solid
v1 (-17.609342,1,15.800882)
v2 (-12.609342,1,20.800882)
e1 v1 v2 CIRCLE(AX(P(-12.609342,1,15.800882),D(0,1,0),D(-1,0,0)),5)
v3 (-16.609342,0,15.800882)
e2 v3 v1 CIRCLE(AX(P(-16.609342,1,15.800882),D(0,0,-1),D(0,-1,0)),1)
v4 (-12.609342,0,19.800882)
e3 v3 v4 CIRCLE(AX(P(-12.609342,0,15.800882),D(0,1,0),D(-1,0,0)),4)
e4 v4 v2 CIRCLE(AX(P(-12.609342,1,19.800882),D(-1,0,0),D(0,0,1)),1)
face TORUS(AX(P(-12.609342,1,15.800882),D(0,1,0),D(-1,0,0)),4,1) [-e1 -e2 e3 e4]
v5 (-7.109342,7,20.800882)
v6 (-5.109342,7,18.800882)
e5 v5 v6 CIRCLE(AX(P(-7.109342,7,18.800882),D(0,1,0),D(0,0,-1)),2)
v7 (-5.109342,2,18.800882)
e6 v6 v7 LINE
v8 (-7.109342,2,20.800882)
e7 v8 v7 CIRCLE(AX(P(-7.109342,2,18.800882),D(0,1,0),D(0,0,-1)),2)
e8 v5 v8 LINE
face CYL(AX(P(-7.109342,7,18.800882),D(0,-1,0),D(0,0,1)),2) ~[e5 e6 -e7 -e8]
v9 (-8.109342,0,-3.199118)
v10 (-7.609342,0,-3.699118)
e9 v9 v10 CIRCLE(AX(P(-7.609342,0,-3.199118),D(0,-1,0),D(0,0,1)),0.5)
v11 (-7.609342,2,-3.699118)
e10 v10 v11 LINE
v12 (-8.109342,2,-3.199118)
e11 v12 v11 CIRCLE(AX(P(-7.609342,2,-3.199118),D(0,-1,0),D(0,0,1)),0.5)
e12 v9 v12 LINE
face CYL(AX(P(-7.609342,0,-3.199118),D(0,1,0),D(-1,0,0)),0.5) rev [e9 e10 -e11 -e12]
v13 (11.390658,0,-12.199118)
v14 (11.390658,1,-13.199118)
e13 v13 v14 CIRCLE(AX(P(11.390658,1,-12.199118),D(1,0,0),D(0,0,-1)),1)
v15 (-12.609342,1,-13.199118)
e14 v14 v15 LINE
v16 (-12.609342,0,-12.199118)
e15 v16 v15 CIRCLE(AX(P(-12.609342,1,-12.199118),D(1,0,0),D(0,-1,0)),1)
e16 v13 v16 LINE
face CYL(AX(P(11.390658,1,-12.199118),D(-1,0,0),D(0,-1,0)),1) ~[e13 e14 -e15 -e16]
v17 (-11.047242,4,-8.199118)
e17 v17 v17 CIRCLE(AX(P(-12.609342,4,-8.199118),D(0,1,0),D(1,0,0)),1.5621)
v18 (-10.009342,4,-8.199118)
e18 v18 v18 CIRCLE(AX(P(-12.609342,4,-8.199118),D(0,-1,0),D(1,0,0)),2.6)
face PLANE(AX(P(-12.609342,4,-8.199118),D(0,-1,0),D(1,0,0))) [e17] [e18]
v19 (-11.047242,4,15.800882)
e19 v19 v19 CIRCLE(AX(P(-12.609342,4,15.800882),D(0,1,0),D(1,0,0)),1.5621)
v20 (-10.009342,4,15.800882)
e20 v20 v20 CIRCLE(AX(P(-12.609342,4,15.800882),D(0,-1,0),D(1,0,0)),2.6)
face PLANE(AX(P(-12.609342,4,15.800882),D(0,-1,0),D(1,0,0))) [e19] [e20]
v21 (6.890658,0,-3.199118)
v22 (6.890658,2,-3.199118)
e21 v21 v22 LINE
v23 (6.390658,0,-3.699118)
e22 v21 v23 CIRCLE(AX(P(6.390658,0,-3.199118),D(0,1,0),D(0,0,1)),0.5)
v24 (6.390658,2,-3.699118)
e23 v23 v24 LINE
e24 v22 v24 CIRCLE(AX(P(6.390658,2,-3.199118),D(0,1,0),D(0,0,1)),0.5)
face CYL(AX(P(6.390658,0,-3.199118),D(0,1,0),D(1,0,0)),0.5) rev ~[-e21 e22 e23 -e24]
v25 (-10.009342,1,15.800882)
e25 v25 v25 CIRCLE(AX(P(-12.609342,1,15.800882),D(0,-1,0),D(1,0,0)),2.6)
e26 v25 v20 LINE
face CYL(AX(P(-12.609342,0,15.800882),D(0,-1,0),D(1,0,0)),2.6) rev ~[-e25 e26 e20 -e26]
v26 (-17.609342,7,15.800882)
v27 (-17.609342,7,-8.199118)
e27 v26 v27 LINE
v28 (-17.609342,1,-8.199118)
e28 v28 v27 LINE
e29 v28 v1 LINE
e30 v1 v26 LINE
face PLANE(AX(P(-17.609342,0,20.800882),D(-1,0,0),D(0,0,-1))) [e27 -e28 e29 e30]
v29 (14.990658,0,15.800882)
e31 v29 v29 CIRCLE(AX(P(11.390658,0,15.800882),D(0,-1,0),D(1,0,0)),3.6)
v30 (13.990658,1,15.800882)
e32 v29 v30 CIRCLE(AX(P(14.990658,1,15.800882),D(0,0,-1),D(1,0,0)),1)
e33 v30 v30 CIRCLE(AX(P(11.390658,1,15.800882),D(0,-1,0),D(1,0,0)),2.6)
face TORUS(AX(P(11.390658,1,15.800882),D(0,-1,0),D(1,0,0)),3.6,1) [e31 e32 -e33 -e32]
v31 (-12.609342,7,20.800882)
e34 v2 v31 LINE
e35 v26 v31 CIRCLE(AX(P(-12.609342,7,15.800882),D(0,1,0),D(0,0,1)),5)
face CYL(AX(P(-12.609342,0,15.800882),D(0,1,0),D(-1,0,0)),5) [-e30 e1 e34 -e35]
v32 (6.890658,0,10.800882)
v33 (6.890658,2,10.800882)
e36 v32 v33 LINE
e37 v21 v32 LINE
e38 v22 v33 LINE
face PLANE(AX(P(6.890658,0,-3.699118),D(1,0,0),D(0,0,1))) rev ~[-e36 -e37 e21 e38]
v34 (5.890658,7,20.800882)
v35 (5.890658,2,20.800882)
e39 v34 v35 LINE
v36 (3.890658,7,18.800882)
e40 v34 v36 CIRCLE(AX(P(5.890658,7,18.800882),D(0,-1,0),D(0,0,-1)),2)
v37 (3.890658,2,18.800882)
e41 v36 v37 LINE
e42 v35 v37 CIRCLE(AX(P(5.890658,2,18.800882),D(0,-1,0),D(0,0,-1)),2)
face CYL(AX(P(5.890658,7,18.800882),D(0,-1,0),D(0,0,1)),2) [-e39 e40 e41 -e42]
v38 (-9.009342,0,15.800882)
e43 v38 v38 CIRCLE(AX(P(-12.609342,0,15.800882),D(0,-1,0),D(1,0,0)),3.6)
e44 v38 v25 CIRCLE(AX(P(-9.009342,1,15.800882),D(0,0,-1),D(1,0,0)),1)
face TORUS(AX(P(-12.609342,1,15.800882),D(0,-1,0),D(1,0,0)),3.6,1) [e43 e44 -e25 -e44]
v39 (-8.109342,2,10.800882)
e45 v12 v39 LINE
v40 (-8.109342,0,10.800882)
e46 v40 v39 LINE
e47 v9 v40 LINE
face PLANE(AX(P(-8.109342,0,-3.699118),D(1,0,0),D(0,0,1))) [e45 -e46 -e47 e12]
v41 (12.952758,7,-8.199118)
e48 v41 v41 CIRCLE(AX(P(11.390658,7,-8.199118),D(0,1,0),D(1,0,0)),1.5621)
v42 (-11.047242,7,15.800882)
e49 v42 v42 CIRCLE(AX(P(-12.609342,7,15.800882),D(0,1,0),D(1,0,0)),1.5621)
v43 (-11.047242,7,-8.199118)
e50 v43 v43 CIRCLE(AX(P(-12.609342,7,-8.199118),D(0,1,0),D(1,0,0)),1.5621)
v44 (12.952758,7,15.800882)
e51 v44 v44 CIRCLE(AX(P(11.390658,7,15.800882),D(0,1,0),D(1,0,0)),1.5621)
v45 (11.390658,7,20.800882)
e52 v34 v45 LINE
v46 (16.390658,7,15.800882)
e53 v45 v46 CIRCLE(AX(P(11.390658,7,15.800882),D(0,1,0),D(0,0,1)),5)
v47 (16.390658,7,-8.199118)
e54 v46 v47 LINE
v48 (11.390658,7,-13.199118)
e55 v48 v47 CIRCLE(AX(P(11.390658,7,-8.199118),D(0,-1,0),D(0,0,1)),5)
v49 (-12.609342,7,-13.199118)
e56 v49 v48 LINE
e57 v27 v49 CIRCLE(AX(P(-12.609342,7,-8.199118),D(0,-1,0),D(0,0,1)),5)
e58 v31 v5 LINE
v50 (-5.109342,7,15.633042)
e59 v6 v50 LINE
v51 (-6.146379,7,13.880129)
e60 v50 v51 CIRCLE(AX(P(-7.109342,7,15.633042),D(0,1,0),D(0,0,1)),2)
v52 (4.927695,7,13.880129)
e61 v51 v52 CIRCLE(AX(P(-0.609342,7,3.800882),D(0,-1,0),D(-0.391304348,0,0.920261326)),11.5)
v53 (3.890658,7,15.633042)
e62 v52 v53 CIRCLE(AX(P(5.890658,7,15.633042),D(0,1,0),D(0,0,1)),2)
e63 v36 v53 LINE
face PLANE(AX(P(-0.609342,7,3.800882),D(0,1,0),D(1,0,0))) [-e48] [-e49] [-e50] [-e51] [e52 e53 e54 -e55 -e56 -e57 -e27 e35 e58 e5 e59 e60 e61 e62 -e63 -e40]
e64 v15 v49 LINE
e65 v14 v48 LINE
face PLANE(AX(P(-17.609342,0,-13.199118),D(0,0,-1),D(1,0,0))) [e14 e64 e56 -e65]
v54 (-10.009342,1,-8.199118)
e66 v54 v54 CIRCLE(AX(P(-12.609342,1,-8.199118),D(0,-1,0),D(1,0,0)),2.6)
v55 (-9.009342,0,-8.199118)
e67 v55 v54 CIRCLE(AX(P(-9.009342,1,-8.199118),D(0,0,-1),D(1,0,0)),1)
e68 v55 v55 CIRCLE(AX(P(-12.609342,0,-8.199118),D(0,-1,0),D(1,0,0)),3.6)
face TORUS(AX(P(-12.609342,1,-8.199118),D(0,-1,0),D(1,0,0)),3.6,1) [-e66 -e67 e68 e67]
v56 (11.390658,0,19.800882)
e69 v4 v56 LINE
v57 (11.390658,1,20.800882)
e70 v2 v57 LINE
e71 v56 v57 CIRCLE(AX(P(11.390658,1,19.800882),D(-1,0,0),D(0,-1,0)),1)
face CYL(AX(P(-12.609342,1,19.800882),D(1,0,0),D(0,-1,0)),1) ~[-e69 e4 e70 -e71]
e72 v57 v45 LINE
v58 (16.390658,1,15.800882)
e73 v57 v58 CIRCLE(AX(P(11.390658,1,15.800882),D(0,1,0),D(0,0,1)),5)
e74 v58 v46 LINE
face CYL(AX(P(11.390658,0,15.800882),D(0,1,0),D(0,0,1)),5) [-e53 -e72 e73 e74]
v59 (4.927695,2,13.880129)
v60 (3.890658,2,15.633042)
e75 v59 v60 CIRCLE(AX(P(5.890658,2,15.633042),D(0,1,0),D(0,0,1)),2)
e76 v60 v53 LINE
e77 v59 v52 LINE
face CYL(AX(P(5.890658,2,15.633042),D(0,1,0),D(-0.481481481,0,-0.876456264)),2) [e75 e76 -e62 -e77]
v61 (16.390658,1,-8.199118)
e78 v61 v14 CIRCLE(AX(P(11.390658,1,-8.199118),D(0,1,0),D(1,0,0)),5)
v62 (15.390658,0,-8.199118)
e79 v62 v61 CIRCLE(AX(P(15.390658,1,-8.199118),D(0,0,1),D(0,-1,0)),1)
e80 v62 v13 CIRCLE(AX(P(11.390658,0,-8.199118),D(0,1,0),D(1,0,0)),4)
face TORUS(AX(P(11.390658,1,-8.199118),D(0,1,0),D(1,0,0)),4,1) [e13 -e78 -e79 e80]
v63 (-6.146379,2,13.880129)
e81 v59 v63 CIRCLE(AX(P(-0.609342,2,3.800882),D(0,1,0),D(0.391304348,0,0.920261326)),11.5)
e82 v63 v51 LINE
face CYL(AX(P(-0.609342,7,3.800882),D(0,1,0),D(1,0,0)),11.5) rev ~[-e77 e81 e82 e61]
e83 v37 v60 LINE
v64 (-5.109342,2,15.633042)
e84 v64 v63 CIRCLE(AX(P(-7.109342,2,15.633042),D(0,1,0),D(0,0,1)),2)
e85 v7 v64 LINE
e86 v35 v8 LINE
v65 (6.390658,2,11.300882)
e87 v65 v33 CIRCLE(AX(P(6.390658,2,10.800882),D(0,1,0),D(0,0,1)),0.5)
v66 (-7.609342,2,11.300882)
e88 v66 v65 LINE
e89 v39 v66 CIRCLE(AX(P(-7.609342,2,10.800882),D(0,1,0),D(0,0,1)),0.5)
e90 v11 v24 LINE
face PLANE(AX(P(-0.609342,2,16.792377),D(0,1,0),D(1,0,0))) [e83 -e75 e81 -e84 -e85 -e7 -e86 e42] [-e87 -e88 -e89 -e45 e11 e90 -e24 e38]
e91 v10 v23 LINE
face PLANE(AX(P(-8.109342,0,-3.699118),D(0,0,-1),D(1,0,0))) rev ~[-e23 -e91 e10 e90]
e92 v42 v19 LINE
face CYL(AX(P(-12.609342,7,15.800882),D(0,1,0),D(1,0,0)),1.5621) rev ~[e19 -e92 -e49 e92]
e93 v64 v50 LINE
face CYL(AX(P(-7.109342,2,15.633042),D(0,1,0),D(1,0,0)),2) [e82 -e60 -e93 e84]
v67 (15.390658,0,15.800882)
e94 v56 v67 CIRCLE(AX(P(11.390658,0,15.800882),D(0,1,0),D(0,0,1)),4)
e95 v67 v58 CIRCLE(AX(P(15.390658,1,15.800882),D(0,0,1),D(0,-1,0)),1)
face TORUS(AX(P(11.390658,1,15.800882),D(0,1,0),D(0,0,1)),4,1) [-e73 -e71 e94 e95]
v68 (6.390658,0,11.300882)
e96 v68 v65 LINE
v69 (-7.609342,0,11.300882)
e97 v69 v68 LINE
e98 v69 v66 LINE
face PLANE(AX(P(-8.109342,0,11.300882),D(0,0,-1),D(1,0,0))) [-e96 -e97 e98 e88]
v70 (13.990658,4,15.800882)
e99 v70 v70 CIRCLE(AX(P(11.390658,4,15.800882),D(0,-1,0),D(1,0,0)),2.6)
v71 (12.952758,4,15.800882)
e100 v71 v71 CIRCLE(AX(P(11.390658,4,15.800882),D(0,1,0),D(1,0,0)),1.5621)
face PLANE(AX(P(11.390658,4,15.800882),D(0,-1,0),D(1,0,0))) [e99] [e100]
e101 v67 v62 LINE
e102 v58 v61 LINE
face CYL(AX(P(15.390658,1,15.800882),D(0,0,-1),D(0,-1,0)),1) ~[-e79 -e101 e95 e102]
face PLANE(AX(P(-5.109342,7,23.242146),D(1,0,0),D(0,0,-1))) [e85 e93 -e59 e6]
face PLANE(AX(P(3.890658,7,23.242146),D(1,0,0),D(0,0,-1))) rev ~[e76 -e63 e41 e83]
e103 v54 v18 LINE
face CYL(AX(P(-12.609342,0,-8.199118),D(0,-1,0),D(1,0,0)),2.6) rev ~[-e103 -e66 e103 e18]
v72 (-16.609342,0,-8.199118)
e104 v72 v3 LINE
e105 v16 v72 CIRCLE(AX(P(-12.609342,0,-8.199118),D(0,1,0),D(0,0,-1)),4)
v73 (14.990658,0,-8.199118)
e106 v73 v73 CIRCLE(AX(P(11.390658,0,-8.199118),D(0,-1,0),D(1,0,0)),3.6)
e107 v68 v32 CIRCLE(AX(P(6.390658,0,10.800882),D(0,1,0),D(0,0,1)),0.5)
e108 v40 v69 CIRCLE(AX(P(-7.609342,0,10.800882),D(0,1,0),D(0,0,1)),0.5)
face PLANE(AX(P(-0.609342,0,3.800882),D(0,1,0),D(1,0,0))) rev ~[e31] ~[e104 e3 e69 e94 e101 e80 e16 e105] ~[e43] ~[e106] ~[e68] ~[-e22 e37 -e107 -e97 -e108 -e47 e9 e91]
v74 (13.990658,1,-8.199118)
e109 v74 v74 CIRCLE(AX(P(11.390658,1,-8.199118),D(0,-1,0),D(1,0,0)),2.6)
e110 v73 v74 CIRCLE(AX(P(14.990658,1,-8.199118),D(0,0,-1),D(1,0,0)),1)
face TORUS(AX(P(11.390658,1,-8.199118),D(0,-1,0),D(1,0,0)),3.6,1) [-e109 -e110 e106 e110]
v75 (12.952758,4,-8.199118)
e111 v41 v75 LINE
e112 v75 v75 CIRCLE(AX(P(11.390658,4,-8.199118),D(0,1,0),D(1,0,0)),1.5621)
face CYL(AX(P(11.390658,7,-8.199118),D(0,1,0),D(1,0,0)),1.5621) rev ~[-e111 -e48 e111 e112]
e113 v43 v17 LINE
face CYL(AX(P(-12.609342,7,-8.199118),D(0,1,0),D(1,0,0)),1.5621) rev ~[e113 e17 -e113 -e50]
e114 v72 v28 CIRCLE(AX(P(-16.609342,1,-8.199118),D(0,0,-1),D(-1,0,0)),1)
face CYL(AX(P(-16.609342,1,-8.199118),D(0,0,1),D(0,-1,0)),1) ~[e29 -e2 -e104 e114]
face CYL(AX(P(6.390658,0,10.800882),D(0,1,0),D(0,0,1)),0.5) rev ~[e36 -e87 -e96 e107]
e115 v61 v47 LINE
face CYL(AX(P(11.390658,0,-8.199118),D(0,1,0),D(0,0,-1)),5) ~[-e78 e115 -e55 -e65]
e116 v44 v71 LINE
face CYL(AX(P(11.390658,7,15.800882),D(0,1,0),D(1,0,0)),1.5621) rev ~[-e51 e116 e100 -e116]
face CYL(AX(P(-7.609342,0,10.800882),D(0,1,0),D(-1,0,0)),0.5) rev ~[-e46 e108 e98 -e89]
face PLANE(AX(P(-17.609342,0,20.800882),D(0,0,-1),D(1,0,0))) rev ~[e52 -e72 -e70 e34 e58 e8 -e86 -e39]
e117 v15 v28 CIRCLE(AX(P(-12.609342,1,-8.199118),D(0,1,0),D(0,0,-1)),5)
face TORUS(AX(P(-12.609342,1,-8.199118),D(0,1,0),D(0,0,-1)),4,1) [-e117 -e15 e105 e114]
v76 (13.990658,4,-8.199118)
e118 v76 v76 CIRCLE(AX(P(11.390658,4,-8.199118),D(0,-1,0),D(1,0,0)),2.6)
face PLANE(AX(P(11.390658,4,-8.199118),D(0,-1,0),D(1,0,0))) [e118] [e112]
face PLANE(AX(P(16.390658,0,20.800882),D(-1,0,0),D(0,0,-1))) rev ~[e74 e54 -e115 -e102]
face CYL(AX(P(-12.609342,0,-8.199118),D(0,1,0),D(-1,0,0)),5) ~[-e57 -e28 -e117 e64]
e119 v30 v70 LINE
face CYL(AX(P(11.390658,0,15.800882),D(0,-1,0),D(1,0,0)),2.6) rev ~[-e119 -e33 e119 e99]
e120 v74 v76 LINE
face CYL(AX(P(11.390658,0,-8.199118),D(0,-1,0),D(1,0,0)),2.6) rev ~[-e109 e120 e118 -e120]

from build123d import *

# Parameters (mm, degrees)
SKETCH1_W           = 34
SKETCH1_H           = 34
BOSS_EXTRUDE1_DEPTH = 7
SKETCH2_R           = 11.5
CUT_EXTRUDE1_DEPTH  = 5
SKETCH3_R           = 1.5621
CUT_EXTRUDE2_DEPTH  = 8
SKETCH4_W           = 9
SKETCH4_H           = 12.899537492
CUT_EXTRUDE3_DEPTH  = 5
SKETCH5_R           = 2.6
CUT_EXTRUDE4_DEPTH  = 4
FILLET1_R           = 5
FILLET2_R           = 1
FILLET3_R           = 2
SKETCH6_W           = 15
SKETCH6_H           = 15
CUT_EXTRUDE5_DEPTH  = 2
FILLET6_R           = 0.5


with BuildPart() as part:
    # Sketch1 → Boss-Extrude1 (new body)
    with BuildSketch(Plane(origin=(0, 0, 0), x_dir=(1, 0, 0), z_dir=(0, 1, 0))):
        with Locations((-0.609342113, -3.800882142)):
            Rectangle(SKETCH1_W, SKETCH1_H)
    extrude(amount=BOSS_EXTRUDE1_DEPTH)

    # Sketch2 → Cut-Extrude1 (cut)
    with BuildSketch(Plane(origin=(0, 7, 0), x_dir=(1, 0, 0), z_dir=(0, 1, 0))):
        with Locations((-0.609342113, -3.800882142)):
            Circle(SKETCH2_R)
    extrude(amount=-CUT_EXTRUDE1_DEPTH, mode=Mode.SUBTRACT)

    # Sketch3 → Cut-Extrude2 (cut, through all)
    with BuildSketch(Plane(origin=(0, 7, 0), x_dir=(1, 0, 0), z_dir=(0, 1, 0))):
        with Locations((-12.609342113, 8.199117858)):
            Circle(SKETCH3_R)
        with Locations((-12.609342113, -15.800882142)):
            Circle(SKETCH3_R)
        with Locations((11.390657887, -15.800882142)):
            Circle(SKETCH3_R)
        with Locations((11.390657887, 8.199117858)):
            Circle(SKETCH3_R)
    extrude(amount=-CUT_EXTRUDE2_DEPTH, mode=Mode.SUBTRACT)

    # Sketch4 → Cut-Extrude3 (cut)
    with BuildSketch(Plane(origin=(0, 7, 0), x_dir=(1, 0, 0), z_dir=(0, 1, 0))):
        with Locations((-0.609342113, -16.792376967)):
            Rectangle(SKETCH4_W, SKETCH4_H)
    extrude(amount=-CUT_EXTRUDE3_DEPTH, mode=Mode.SUBTRACT)

    # Sketch5 → Cut-Extrude4 (cut)
    with BuildSketch(Plane.XZ):
        with Locations((-12.609342113, 15.800882142)):
            Circle(SKETCH5_R)
        with Locations((11.390657887, 15.800882142)):
            Circle(SKETCH5_R)
        with Locations((-12.609342113, -8.199117858)):
            Circle(SKETCH5_R)
        with Locations((11.390657887, -8.199117858)):
            Circle(SKETCH5_R)
    extrude(amount=-CUT_EXTRUDE4_DEPTH, mode=Mode.SUBTRACT)

    # Fillet1
    fillet1_edges = [part.edges().sort_by_distance(p)[0] for p in [
        (-17.609342113, 3.5, -13.199117858),
        (16.390657887, 3.5, -13.199117858),
        (16.390657887, 3.5, 20.800882142),
        (-17.609342113, 3.5, 20.800882142),
    ]]
    fillet(fillet1_edges, radius=FILLET1_R)

    # Fillet2
    fillet2_edges = [part.edges().sort_by_distance(p)[0] for p in [
        (-15.209342113, 0, 15.800882142),
        (8.790657887, 0, 15.800882142),
        (-15.209342113, 0, -8.199117858),
        (8.790657887, 0, -8.199117858),
        (16.390657887, 0, 3.800882142),
        (-17.609342113, 0, 3.800882142),
        (-0.609342113, 0, -13.199117858),
        (-0.609342113, 0, 20.800882142),
        (-16.144876019, 0, 19.336416048),
        (-16.144876019, 0, -11.734651764),
        (14.926191793, 0, -11.734651764),
        (14.926191793, 0, 19.336416048),
    ]]
    fillet(fillet2_edges, radius=FILLET2_R)

    # Fillet3
    fillet3_edges = [part.edges().sort_by_distance(p)[0] for p in [
        (-5.109342113, 4.5, 20.800882142),
        (-5.109342113, 4.5, 14.383887386),
        (3.890657887, 4.5, 20.800882142),
        (3.890657887, 4.5, 14.383887386),
    ]]
    fillet(fillet3_edges, radius=FILLET3_R)

    # Sketch6 → Cut-Extrude5 (cut)
    with BuildSketch(Plane.XZ):
        with Locations((-0.609342113, 3.800882142)):
            Rectangle(SKETCH6_W, SKETCH6_H)
    extrude(amount=-CUT_EXTRUDE5_DEPTH, mode=Mode.SUBTRACT)

    # Fillet6
    fillet6_edges = [part.edges().sort_by_distance(p)[0] for p in [
        (-8.109342113, 1, -3.699117858),
        (-8.109342113, 1, 11.300882142),
        (6.890657887, 1, 11.300882142),
        (6.890657887, 1, -3.699117858),
    ]]
    fillet(fillet6_edges, radius=FILLET6_R)


solid = part.part
